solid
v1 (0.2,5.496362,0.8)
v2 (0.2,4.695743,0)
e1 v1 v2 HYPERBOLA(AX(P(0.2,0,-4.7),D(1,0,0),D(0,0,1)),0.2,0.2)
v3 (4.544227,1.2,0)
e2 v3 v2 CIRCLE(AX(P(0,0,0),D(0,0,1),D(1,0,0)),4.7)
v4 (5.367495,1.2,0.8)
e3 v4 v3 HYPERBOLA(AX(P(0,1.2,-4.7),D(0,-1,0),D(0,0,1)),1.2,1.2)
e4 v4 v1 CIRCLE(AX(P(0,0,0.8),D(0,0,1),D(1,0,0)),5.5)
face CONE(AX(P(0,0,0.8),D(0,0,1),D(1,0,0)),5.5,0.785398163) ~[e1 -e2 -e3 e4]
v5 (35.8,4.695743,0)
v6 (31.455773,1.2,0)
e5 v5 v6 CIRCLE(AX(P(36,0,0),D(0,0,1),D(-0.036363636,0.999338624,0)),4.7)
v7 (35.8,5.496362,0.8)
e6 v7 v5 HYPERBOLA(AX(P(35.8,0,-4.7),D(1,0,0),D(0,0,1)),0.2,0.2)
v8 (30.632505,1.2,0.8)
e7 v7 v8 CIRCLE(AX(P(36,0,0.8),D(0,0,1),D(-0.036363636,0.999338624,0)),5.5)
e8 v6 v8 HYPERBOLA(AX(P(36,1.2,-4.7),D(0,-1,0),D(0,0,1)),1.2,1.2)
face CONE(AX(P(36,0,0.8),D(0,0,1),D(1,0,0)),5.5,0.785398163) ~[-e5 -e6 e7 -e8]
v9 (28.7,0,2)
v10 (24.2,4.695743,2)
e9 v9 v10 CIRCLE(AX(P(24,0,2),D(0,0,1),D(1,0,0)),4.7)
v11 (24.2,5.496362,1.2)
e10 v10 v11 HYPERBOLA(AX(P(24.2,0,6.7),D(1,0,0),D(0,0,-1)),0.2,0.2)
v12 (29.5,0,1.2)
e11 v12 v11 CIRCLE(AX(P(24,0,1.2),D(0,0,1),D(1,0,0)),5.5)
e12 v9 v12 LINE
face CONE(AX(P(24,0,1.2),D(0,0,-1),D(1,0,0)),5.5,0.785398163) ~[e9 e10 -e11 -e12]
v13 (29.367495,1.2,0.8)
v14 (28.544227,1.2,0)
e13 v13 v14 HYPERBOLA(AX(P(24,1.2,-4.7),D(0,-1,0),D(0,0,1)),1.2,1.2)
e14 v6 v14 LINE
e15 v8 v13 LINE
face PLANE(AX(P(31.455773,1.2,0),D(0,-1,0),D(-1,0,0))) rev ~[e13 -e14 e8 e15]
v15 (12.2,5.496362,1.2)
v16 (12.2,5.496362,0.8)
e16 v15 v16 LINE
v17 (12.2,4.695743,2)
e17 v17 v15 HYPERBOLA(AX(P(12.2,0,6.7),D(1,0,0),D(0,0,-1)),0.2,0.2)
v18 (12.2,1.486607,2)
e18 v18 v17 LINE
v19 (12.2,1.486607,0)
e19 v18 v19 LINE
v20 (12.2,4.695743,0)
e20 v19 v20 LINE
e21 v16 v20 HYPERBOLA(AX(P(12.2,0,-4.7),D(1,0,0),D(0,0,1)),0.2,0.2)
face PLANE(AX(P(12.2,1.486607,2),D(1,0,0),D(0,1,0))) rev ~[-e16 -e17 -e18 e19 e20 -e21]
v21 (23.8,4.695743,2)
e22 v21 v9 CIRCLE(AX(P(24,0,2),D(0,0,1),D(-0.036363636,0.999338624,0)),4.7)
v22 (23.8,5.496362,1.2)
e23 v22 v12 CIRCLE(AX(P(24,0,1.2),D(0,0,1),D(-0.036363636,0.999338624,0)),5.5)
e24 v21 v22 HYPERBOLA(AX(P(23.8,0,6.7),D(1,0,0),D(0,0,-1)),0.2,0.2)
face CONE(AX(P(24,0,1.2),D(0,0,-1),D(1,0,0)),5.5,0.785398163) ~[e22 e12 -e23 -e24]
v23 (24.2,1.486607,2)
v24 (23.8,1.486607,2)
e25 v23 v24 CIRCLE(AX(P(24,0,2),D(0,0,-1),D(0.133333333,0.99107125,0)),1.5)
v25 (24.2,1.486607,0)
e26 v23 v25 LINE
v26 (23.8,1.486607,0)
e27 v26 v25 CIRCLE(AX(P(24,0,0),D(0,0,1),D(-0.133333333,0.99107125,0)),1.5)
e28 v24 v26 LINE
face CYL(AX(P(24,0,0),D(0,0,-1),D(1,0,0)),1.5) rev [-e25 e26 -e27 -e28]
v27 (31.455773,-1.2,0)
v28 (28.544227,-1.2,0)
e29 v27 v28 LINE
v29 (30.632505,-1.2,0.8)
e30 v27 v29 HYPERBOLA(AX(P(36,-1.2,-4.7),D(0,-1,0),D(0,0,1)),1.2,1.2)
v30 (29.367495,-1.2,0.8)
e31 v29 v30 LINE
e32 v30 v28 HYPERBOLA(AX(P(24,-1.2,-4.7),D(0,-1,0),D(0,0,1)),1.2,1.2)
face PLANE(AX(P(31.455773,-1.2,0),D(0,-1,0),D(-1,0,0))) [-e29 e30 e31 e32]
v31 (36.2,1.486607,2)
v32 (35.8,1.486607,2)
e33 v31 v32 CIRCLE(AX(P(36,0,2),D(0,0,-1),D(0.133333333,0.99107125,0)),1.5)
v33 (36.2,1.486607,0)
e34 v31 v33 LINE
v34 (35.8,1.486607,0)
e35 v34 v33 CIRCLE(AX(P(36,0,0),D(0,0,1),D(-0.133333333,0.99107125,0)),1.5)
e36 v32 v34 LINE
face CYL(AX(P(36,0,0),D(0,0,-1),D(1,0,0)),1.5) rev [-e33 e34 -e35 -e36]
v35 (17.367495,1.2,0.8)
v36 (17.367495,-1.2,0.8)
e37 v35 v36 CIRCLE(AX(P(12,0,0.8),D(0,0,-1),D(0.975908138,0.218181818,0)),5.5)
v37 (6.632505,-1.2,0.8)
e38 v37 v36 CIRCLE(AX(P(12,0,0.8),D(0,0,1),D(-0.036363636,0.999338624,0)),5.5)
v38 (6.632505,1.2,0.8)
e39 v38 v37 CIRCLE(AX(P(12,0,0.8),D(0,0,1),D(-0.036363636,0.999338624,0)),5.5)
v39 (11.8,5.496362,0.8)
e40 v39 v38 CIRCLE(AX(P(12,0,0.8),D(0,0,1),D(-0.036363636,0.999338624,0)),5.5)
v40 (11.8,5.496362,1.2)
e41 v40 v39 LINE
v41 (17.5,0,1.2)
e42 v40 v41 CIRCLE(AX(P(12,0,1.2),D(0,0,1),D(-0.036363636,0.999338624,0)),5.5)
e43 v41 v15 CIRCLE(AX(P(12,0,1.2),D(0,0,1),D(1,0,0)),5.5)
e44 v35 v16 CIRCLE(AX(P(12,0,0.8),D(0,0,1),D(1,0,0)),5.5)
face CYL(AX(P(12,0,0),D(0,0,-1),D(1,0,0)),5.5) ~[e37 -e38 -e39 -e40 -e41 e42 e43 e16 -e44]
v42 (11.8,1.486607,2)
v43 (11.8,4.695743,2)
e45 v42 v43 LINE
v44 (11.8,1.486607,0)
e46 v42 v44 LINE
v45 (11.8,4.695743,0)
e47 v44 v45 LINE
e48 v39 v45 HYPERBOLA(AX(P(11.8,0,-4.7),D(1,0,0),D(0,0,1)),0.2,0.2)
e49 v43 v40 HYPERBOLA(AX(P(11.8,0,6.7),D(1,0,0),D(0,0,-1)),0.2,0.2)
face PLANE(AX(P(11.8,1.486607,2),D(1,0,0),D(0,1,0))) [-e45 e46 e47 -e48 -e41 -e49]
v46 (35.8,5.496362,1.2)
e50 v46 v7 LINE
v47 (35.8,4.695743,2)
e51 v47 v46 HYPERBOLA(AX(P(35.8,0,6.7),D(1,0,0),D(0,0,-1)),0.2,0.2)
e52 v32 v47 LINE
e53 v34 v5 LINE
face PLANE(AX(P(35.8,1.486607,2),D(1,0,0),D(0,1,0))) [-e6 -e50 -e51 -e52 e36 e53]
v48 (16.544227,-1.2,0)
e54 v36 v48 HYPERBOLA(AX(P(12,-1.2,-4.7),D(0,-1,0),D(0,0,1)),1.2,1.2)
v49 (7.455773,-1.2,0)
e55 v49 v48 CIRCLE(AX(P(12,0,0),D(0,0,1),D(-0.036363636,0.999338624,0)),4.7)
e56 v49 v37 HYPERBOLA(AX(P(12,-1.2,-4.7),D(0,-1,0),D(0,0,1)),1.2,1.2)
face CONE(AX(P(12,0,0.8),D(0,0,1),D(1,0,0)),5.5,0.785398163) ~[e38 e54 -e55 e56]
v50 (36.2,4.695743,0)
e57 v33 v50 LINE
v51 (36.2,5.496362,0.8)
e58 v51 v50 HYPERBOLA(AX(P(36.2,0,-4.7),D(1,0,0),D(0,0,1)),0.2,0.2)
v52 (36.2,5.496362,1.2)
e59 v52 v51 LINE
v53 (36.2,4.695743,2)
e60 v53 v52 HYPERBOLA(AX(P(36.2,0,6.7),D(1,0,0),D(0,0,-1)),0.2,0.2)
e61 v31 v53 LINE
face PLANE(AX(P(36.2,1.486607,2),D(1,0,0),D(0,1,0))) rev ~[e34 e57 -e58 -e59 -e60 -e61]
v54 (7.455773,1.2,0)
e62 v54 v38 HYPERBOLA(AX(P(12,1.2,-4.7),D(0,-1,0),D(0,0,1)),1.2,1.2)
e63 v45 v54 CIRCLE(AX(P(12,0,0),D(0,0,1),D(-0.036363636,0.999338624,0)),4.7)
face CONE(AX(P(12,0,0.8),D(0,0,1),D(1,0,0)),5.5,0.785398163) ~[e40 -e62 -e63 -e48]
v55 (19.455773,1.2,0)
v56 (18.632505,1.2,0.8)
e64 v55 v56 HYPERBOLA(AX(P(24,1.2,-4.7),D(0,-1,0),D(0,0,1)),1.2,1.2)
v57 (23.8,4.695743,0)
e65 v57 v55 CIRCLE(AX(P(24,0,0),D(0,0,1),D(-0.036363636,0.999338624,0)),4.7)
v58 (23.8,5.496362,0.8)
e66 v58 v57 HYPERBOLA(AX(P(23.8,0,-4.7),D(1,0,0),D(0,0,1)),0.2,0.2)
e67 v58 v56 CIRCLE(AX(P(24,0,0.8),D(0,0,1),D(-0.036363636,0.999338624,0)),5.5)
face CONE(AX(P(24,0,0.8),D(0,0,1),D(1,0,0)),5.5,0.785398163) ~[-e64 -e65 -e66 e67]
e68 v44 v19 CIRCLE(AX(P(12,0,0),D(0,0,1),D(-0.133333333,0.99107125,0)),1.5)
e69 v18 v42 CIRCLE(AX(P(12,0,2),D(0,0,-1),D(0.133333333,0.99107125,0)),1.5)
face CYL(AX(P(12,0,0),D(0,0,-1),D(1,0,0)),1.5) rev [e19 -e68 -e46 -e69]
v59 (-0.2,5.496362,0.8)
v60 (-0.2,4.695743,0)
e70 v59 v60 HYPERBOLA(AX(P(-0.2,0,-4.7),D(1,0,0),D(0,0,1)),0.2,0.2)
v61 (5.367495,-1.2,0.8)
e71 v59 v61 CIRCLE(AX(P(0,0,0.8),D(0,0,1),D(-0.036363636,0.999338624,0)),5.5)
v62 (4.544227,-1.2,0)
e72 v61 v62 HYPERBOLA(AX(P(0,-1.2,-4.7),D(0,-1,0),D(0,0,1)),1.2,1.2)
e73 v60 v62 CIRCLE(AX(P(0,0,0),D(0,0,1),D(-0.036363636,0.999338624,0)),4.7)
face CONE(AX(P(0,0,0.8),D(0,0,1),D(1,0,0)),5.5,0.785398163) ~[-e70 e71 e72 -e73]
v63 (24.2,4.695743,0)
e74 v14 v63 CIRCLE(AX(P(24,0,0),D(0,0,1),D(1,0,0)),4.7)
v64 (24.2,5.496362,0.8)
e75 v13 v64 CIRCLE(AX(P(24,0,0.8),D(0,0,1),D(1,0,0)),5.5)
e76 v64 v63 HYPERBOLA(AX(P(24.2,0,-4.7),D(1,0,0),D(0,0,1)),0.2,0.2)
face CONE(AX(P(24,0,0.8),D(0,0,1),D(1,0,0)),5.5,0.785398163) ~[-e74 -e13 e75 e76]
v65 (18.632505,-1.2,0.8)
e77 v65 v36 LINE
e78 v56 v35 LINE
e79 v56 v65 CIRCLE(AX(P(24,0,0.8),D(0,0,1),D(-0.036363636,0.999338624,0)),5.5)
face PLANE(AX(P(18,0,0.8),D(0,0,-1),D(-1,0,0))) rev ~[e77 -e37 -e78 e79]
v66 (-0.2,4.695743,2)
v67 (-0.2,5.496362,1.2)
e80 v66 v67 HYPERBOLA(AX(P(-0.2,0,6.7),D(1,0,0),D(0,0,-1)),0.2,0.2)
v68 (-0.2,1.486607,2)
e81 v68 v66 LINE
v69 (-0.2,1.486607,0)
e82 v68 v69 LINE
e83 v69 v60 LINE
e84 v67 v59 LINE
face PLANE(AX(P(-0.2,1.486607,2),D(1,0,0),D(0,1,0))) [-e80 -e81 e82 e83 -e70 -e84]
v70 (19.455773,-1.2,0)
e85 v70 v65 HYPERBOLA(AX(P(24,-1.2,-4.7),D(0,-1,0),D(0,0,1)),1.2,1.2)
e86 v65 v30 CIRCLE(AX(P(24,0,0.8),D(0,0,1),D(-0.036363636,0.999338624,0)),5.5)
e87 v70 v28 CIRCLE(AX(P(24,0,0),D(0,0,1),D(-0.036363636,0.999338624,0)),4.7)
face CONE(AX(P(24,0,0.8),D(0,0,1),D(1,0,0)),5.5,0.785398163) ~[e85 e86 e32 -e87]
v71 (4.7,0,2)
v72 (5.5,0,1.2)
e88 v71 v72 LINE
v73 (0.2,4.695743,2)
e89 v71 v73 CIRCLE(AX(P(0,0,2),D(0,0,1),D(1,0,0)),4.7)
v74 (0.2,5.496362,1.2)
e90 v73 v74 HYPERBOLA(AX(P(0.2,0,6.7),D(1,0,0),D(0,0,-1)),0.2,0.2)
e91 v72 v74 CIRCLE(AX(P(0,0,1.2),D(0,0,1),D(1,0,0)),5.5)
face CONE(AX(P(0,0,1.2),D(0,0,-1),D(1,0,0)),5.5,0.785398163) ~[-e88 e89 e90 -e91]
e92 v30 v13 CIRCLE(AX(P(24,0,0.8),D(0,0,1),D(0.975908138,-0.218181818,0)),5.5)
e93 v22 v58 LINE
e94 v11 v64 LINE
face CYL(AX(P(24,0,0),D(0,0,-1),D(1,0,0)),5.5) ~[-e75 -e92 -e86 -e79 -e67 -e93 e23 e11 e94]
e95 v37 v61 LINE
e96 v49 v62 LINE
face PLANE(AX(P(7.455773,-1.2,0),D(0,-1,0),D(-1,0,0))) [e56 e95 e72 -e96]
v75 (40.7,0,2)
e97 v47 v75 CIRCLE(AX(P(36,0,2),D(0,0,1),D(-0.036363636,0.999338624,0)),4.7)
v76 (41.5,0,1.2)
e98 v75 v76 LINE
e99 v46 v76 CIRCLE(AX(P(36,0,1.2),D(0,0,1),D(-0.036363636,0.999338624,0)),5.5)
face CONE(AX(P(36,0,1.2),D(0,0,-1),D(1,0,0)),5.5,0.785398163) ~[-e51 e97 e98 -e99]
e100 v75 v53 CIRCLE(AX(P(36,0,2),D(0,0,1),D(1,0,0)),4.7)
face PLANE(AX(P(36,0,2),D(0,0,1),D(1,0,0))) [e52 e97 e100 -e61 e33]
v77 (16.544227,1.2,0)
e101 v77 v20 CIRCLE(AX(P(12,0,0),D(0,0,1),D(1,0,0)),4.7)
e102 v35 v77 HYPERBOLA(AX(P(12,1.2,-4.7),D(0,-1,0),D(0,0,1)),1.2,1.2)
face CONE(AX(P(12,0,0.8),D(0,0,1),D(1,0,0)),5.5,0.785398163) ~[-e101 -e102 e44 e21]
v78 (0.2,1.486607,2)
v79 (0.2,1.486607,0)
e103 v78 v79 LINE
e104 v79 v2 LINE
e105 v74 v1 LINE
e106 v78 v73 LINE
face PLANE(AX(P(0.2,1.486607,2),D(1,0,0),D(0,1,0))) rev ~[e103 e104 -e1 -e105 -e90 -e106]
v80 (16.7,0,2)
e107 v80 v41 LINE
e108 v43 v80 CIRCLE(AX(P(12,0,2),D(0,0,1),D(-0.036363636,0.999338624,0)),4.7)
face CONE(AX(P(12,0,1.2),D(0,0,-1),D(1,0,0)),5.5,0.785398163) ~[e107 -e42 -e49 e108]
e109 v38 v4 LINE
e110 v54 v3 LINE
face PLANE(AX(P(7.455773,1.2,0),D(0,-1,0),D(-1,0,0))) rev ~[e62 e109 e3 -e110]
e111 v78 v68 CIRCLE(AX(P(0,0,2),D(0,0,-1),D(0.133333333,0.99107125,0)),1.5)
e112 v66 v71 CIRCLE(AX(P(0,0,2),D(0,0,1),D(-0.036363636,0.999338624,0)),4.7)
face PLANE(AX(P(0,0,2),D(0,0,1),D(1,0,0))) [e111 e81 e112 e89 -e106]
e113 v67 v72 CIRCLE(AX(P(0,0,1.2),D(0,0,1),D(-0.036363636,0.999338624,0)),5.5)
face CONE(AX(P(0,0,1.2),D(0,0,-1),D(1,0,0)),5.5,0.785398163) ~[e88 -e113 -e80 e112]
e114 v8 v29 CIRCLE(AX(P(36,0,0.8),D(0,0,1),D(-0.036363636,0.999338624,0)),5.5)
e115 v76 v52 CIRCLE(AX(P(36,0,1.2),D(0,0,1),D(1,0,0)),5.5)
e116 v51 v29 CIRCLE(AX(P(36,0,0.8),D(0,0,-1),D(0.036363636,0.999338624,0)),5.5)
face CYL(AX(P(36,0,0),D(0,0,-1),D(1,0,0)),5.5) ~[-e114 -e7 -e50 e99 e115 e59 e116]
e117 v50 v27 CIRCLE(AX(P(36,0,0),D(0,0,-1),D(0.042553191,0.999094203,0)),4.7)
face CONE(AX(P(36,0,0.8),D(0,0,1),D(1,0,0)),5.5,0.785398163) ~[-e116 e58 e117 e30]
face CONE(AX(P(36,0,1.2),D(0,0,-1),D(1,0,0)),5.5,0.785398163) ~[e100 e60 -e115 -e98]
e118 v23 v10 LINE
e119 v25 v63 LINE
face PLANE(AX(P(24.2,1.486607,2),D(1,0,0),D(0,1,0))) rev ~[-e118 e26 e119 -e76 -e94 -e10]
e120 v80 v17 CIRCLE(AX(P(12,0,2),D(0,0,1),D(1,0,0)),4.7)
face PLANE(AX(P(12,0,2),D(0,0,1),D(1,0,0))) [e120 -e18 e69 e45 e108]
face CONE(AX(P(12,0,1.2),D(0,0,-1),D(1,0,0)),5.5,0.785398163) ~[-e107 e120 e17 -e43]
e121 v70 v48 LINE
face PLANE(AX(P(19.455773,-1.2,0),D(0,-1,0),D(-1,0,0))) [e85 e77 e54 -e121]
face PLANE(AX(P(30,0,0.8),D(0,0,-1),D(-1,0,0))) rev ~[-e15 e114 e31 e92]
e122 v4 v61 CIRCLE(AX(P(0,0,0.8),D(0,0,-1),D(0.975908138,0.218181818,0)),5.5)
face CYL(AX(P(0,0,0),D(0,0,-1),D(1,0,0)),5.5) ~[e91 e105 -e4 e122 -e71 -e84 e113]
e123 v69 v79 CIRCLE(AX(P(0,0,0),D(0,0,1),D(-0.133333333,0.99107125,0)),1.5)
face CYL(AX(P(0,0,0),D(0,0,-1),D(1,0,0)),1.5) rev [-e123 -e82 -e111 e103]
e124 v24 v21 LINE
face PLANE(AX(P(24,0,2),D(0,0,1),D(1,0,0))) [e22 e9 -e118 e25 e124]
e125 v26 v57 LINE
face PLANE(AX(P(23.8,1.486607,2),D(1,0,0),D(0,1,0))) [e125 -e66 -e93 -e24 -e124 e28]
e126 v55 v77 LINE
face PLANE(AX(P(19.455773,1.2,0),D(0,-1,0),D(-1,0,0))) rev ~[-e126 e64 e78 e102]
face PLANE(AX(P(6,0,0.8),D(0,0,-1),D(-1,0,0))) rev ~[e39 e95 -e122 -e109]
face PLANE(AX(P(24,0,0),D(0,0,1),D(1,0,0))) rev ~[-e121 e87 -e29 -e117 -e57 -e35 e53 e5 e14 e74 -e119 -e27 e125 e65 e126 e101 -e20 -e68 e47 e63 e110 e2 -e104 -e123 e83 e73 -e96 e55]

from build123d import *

# Parameters (mm, degrees)
SKETCH1_R           = 5.5
SKETCH1_R_2         = 1.5
BOSS_EXTRUDE1_DEPTH = 2
SKETCH2_W           = 0.4
SKETCH2_H           = 4.013393125
CUT_EXTRUDE1_DEPTH  = 3
CHAMFER1_SIZE       = 0.8
LPATTERN1_COUNT     = 4
LPATTERN1_PITCH     = 12
SKETCH3_W           = 2.911545786
SKETCH3_H           = 2.4
BOSS_EXTRUDE2_DEPTH = 0.8


with BuildPart() as part:
    # Sketch1 → Boss-Extrude1 (new body)
    with BuildSketch(Plane.XY):
        Circle(SKETCH1_R)
        Circle(SKETCH1_R_2, mode=Mode.SUBTRACT)
    extrude(amount=BOSS_EXTRUDE1_DEPTH)

    # Sketch2 → Cut-Extrude1 (cut, through all)
    with BuildSketch(Plane.XY.offset(2)):
        with Locations((0, 3.493303437)):
            Rectangle(SKETCH2_W, SKETCH2_H)
    extrude(amount=-CUT_EXTRUDE1_DEPTH, mode=Mode.SUBTRACT)

    # Chamfer1
    chamfer1_edges = [part.edges().sort_by_distance(p)[0] for p in [
        (-3.817721834, -3.959166579, 2),
        (-3.817721834, -3.959166579, 0),
    ]]
    chamfer(chamfer1_edges, length=CHAMFER1_SIZE)


with BuildPart() as lpattern1_1:
    # LPattern1: pattern copy
    add(part.part.moved(Location(Vector(1, 0, 0) * (1 * LPATTERN1_PITCH))))


with BuildPart() as lpattern1_2:
    # LPattern1: pattern copy
    add(part.part.moved(Location(Vector(1, 0, 0) * (2 * LPATTERN1_PITCH))))


with BuildPart() as lpattern1_3:
    # LPattern1: pattern copy
    add(part.part.moved(Location(Vector(1, 0, 0) * (3 * LPATTERN1_PITCH))))


with BuildPart() as part_1:
    add(part.part)

    add(lpattern1_1.part)  # Boss-Extrude2 merges LPattern1_1

    add(lpattern1_2.part)  # Boss-Extrude2 merges LPattern1_2

    add(lpattern1_3.part)  # Boss-Extrude2 merges LPattern1_3
    # Sketch3 → Boss-Extrude2 (add)
    with BuildSketch(Plane(origin=(0, 0, 0), x_dir=(-1, 0, 0), z_dir=(0, 0, -1))):
        with Locations((-18, 0)):
            Rectangle(SKETCH3_W, SKETCH3_H)
        with Locations((-6, 0)):
            Rectangle(SKETCH3_W, SKETCH3_H)
        with Locations((-30, 0)):
            Rectangle(SKETCH3_W, SKETCH3_H)
    extrude(amount=-BOSS_EXTRUDE2_DEPTH)


solid = part_1.part
